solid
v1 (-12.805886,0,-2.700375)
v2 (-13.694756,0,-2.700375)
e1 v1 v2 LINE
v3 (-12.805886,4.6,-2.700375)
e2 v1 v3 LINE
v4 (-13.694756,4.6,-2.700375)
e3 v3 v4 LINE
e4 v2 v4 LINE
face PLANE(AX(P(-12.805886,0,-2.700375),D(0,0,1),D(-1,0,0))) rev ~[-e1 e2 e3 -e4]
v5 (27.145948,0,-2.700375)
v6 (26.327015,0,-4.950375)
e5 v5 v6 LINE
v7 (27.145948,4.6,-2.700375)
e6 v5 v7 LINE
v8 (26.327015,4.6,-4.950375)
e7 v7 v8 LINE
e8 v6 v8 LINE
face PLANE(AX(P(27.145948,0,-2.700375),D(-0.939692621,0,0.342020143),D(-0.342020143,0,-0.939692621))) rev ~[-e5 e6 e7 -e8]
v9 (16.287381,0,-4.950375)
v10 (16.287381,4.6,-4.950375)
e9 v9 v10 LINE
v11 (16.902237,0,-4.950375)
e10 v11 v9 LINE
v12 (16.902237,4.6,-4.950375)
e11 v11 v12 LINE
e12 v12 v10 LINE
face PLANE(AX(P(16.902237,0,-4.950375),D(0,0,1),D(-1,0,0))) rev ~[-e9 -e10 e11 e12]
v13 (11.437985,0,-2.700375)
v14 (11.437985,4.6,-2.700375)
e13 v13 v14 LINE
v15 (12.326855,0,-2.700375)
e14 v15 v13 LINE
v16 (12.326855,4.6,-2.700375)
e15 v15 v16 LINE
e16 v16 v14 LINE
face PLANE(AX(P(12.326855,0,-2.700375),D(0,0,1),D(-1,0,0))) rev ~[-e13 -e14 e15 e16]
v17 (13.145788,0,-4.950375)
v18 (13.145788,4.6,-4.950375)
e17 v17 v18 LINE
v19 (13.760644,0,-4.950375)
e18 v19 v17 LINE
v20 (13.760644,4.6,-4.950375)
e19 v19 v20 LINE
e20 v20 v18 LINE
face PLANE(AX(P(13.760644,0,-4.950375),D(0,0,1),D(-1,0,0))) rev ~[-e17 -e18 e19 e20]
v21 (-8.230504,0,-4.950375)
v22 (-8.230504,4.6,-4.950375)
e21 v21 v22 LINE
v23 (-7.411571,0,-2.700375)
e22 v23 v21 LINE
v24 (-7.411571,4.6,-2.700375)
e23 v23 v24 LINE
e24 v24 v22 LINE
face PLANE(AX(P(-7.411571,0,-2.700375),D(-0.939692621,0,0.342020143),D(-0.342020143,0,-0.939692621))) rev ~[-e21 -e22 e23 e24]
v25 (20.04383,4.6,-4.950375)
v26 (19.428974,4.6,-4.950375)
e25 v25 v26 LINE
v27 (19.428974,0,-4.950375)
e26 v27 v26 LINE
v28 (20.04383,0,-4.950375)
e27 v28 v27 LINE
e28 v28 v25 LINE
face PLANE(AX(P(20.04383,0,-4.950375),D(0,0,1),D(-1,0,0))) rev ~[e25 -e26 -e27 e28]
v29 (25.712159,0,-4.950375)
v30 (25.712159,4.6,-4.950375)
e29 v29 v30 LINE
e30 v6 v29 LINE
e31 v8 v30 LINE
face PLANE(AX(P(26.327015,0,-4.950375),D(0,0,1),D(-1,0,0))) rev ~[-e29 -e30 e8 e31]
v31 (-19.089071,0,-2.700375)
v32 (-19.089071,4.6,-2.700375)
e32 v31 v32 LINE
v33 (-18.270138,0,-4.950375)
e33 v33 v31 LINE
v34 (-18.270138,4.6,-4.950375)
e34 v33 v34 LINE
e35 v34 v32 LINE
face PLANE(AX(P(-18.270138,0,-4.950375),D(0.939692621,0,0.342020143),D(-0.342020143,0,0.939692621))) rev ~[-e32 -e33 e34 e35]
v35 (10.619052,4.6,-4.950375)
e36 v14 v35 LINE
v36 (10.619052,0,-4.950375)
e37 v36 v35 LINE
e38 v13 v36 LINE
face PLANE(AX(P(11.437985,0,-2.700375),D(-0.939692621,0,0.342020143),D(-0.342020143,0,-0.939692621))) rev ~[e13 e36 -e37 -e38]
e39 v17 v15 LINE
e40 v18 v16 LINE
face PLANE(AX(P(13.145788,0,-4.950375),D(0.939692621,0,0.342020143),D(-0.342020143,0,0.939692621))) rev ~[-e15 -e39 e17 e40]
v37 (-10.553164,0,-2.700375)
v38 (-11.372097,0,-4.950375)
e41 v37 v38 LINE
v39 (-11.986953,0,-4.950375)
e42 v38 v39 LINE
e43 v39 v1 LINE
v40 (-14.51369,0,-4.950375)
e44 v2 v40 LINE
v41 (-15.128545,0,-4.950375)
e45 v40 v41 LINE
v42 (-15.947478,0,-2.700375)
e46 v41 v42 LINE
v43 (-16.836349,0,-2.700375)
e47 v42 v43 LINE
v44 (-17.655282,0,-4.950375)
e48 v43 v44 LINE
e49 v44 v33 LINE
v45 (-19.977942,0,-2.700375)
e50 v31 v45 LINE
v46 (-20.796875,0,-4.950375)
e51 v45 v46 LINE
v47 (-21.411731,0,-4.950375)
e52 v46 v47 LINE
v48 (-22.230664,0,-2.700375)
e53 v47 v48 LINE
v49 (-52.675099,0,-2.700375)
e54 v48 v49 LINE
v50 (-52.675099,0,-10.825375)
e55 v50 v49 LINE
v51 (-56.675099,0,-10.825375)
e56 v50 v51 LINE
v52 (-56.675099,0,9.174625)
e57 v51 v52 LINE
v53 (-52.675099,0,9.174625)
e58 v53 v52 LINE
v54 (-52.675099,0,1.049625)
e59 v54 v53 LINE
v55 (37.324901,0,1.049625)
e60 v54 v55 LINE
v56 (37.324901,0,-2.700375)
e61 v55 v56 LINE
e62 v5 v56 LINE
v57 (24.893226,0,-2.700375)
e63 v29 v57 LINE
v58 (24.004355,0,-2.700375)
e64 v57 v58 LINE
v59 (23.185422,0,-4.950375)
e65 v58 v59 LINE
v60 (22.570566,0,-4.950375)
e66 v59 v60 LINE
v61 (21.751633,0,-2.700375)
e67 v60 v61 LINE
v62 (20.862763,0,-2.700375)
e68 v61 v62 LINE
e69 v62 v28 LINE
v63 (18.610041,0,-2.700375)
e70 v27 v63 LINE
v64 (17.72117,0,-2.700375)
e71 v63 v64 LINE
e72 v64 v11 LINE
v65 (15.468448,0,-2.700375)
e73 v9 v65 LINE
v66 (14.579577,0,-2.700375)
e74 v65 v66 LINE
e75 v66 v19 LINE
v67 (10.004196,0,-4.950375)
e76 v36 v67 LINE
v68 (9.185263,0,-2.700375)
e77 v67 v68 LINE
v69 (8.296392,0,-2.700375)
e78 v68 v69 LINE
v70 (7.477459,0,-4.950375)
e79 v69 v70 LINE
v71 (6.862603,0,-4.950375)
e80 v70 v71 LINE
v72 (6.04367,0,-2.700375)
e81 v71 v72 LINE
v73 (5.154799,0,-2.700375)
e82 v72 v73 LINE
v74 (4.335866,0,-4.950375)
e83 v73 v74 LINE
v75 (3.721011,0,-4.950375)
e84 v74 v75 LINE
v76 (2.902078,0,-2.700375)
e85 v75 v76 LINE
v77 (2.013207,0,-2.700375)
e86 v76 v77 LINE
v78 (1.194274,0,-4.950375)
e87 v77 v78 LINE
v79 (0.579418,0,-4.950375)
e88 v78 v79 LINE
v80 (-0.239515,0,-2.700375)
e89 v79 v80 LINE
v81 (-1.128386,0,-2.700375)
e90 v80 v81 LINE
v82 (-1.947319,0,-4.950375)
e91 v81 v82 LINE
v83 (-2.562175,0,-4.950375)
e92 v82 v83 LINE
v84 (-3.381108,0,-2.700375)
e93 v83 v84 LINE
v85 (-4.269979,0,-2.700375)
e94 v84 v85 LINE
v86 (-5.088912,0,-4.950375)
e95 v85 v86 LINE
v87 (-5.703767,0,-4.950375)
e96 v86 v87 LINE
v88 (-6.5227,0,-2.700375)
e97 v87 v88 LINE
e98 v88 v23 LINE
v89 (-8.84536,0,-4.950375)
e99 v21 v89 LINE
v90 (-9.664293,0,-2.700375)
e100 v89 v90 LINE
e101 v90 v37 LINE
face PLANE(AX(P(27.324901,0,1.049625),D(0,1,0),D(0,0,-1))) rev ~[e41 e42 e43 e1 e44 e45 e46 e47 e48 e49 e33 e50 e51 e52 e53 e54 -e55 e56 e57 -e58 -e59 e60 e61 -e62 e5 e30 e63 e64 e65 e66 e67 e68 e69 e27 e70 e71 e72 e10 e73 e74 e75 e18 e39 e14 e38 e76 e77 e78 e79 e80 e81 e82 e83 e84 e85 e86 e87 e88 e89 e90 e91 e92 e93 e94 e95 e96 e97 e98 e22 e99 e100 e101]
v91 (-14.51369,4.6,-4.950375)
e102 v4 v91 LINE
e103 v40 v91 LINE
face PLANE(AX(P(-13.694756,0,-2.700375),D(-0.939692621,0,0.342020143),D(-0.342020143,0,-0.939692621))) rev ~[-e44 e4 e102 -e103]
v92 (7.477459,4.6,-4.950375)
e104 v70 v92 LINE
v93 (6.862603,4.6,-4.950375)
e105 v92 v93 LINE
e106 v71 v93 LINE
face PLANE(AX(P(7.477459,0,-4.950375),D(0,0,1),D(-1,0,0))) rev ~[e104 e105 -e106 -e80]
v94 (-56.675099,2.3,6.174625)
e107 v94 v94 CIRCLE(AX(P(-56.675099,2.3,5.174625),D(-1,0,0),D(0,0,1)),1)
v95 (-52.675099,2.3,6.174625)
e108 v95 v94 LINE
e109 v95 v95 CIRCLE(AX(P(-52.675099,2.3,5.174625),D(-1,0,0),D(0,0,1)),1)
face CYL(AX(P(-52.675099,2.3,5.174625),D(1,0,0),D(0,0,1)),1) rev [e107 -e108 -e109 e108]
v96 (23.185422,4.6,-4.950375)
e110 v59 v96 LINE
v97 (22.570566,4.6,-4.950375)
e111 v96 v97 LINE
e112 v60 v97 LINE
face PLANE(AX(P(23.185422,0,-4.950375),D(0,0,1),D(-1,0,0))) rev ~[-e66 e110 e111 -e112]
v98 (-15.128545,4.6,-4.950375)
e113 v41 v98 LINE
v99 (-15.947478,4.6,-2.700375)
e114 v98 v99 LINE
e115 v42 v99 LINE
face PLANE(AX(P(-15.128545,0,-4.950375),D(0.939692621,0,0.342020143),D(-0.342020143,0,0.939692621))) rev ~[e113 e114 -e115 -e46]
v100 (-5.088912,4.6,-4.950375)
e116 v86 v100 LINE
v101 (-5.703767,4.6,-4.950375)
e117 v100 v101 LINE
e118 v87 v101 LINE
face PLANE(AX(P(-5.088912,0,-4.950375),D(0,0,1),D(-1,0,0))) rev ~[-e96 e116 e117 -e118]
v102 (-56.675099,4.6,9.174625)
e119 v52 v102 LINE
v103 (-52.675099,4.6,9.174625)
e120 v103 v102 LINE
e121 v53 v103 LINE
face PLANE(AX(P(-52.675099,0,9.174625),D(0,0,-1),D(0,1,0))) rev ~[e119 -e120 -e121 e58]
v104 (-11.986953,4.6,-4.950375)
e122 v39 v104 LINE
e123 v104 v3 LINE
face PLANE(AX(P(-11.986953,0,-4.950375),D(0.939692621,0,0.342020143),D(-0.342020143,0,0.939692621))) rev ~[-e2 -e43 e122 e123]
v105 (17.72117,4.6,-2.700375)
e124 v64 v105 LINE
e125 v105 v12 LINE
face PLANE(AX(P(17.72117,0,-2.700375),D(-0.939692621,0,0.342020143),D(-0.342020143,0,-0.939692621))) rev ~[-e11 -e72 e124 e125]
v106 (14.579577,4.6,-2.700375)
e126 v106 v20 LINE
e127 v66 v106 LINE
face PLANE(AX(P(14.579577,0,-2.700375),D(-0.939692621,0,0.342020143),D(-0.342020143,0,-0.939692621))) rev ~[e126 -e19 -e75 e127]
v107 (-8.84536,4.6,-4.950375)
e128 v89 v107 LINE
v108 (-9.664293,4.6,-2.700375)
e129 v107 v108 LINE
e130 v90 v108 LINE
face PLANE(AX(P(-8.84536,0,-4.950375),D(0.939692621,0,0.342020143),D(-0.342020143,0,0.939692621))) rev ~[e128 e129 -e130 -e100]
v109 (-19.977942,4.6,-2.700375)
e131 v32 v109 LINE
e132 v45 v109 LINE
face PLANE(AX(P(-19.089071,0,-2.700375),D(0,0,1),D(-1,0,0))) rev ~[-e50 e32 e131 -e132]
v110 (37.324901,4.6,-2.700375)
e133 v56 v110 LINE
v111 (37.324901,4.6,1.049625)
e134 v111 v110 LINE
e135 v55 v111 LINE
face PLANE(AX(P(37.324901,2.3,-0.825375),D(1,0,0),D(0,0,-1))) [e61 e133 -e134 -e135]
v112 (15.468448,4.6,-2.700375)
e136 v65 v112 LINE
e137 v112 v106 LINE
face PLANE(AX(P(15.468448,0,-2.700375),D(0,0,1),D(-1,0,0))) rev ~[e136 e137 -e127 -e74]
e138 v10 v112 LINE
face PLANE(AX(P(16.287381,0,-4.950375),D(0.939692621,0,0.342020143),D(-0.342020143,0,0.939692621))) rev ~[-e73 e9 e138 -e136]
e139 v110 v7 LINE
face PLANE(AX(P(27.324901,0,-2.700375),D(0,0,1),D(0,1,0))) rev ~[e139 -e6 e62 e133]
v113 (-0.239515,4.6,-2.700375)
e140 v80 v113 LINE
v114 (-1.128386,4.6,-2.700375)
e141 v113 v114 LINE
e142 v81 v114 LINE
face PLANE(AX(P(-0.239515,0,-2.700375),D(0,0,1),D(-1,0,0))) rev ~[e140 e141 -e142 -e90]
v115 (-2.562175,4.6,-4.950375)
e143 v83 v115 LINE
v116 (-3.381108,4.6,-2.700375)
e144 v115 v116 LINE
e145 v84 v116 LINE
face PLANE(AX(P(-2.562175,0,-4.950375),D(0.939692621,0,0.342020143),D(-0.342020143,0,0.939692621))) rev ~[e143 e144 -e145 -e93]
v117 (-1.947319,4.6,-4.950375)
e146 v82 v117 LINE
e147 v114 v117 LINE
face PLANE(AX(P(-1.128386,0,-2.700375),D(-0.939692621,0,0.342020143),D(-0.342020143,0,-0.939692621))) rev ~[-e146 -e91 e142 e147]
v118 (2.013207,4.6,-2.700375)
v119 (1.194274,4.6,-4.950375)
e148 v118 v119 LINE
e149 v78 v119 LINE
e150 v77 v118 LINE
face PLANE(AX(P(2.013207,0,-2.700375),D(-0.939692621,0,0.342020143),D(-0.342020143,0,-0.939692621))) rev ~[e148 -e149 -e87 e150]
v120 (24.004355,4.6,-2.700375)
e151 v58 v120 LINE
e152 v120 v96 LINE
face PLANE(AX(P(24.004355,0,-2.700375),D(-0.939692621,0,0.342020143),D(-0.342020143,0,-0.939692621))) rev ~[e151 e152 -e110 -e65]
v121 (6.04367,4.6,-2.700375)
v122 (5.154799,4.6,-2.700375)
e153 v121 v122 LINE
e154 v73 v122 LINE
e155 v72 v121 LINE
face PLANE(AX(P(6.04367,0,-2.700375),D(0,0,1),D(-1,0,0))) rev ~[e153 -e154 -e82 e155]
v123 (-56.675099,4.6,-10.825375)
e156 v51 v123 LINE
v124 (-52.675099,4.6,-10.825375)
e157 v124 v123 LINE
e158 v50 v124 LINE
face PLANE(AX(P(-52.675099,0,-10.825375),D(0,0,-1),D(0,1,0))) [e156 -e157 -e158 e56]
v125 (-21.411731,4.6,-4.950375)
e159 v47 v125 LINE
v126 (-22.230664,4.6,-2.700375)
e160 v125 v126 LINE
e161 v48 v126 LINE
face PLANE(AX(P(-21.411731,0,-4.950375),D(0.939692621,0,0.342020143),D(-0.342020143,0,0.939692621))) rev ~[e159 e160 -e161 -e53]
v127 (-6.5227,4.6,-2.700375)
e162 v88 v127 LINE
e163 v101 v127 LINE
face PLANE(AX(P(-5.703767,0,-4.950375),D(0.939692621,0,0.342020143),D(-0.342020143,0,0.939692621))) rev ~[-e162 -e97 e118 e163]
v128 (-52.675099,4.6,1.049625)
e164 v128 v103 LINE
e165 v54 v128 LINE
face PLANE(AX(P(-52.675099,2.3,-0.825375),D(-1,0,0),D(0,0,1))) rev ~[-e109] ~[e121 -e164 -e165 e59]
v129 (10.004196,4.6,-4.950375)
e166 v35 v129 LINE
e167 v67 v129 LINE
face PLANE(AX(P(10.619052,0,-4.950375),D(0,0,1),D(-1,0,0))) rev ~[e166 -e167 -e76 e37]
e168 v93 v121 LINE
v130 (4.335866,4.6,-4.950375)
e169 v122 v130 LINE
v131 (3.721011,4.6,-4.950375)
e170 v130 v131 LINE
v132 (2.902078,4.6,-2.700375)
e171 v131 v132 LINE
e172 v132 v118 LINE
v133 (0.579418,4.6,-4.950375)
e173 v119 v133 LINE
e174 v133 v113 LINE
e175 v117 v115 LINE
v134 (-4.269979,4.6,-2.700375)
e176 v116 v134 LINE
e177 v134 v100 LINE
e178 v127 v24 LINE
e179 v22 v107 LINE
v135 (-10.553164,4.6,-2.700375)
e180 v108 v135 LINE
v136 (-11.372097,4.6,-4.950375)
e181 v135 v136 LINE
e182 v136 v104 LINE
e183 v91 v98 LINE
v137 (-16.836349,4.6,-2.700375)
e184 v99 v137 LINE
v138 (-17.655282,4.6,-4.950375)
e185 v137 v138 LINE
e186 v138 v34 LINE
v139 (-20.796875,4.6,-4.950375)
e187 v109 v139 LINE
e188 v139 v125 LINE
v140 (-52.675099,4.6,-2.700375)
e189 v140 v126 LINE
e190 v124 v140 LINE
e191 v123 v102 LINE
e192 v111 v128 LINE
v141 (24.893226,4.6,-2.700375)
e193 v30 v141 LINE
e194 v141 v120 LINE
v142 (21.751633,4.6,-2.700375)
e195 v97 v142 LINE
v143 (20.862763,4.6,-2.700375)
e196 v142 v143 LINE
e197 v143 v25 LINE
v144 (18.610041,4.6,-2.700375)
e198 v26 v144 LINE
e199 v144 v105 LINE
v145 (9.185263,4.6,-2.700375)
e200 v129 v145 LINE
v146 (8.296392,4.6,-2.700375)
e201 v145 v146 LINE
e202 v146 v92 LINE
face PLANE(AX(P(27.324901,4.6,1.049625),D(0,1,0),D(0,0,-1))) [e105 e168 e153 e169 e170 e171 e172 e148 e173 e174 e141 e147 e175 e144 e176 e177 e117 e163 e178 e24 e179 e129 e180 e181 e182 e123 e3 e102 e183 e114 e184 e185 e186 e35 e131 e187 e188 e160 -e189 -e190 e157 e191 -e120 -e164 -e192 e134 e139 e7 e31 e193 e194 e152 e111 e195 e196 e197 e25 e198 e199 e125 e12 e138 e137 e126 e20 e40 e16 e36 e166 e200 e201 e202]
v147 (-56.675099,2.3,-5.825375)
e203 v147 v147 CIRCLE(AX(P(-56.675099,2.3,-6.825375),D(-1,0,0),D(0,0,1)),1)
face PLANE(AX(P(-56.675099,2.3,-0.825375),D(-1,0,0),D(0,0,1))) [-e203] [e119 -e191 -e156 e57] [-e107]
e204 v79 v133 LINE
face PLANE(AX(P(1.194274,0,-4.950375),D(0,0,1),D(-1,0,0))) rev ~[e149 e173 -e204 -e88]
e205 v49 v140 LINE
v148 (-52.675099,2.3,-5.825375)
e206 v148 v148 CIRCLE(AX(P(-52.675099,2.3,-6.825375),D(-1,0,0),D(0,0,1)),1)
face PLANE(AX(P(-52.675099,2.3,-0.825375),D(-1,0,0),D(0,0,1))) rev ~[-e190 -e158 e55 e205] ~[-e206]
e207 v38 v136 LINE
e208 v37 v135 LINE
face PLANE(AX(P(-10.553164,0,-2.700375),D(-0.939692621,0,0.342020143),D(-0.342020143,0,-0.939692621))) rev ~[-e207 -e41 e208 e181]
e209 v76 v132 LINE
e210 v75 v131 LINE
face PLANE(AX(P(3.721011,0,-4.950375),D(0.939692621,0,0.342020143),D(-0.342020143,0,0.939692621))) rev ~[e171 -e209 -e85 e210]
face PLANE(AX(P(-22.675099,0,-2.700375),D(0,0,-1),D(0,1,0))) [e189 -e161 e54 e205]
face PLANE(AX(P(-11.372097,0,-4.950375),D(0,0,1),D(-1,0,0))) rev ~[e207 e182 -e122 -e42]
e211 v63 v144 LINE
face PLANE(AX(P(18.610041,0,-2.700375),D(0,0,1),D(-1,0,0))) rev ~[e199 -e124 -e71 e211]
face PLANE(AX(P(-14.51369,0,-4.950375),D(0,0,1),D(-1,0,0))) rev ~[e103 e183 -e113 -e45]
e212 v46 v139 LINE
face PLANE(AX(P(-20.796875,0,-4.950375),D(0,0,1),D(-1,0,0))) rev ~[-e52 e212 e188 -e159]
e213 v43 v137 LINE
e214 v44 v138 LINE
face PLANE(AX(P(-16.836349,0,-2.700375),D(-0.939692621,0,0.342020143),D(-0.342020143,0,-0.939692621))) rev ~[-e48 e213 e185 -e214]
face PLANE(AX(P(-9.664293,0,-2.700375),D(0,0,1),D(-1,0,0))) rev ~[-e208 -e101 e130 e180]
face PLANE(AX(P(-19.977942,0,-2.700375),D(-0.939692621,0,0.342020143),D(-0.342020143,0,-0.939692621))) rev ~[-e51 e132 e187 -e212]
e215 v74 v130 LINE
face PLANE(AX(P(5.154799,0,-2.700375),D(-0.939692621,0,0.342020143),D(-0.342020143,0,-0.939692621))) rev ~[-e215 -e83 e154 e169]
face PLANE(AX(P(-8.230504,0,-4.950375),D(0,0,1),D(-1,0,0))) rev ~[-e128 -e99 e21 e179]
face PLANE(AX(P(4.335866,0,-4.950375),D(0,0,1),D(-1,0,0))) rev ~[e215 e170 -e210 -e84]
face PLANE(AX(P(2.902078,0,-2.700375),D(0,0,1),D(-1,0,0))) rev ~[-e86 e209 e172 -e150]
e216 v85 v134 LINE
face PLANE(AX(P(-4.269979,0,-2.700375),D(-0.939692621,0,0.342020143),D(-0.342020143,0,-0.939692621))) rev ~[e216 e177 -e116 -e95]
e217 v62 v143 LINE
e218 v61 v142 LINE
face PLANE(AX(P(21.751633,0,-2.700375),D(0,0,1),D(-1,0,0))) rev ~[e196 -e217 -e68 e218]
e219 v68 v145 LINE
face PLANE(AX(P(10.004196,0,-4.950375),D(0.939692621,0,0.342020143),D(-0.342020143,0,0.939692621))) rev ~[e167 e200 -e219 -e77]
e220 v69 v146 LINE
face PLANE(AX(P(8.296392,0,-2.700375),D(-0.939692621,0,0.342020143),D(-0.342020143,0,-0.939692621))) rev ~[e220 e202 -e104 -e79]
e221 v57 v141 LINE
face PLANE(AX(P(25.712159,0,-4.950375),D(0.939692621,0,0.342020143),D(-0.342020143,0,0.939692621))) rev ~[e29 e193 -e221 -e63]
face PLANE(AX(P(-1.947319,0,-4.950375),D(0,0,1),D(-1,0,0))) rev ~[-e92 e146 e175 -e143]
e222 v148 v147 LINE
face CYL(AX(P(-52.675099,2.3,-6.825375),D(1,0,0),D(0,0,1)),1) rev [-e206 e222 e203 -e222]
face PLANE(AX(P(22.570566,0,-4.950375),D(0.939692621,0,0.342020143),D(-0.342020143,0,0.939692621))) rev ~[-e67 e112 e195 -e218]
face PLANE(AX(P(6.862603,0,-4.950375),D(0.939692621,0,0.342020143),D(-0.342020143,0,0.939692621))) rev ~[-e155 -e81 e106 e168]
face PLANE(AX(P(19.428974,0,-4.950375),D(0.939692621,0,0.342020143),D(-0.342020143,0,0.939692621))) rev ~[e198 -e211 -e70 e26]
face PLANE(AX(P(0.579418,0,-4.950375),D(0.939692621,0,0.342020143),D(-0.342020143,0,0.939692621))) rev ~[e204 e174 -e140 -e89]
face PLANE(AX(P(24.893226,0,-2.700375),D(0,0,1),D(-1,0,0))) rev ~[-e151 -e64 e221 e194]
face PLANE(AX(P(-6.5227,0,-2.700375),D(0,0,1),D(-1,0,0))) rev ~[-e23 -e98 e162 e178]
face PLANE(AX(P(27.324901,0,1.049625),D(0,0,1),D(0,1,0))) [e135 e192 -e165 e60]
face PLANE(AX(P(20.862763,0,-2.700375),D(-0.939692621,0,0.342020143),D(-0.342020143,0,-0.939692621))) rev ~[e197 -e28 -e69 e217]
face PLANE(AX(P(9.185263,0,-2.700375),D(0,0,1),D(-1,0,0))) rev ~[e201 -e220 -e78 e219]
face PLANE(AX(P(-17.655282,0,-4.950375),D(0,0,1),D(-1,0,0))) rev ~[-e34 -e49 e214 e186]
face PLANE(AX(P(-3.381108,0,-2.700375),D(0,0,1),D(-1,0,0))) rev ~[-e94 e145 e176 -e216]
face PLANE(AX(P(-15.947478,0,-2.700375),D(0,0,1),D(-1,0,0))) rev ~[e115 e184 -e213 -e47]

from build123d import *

# Parameters (mm, degrees)
BOSS_EXTRUDE1_DEPTH  = 4.6
SKETCH11_W           = 3.75
SKETCH11_H           = 4.6
BOSS_EXTRUDE14_DEPTH = 30
SKETCH18_W           = 20
SKETCH18_H           = 4.6
SKETCH18_R           = 1
BOSS_EXTRUDE15_DEPTH = 4
SKETCH19_W           = 3.75
SKETCH19_H           = 4.6
BOSS_EXTRUDE16_DEPTH = 10


with BuildPart() as part:
    # Sketch1 → Boss-Extrude1 (new body)
    with BuildSketch(Plane(origin=(0, 0, 0), x_dir=(1, 0, 0), z_dir=(0, 1, 0))):
        Polygon((27.324900936, 2.700375145), (27.145947966, 2.700375145), (26.327014939, 4.950375145), (25.712159083, 4.950375145), (24.893226056, 2.700375145), (24.004355316, 2.700375145), (23.185422289, 4.950375145), (22.570566433, 4.950375145), (21.751633406, 2.700375145), (20.862762666, 2.700375145), (20.043829639, 4.950375145), (19.428973783, 4.950375145), (18.610040756, 2.700375145), (17.721170016, 2.700375145), (16.902236989, 4.950375145), (16.287381133, 4.950375145), (15.468448106, 2.700375145), (14.579577366, 2.700375145), (13.760644339, 4.950375145), (13.145788483, 4.950375145), (12.326855456, 2.700375145), (11.437984716, 2.700375145), (10.619051689, 4.950375145), (10.004195833, 4.950375145), (9.185262806, 2.700375145), (8.296392066, 2.700375145), (7.477459039, 4.950375145), (6.862603183, 4.950375145), (6.043670156, 2.700375145), (5.154799416, 2.700375145), (4.335866389, 4.950375145), (3.721010533, 4.950375145), (2.902077506, 2.700375145), (2.013206766, 2.700375145), (1.194273739, 4.950375145), (0.579417883, 4.950375145), (-0.239515144, 2.700375145), (-1.128385884, 2.700375145), (-1.947318911, 4.950375145), (-2.562174767, 4.950375145), (-3.381107794, 2.700375145), (-4.269978534, 2.700375145), (-5.088911561, 4.950375145), (-5.703767417, 4.950375145), (-6.522700444, 2.700375145), (-7.411571184, 2.700375145), (-8.230504211, 4.950375145), (-8.845360067, 4.950375145), (-9.664293094, 2.700375145), (-10.553163834, 2.700375145), (-11.372096861, 4.950375145), (-11.986952717, 4.950375145), (-12.805885744, 2.700375145), (-13.694756484, 2.700375145), (-14.513689511, 4.950375145), (-15.128545367, 4.950375145), (-15.947478394, 2.700375145), (-16.836349134, 2.700375145), (-17.655282161, 4.950375145), (-18.270138017, 4.950375145), (-19.089071044, 2.700375145), (-19.977941784, 2.700375145), (-20.796874811, 4.950375145), (-21.411730667, 4.950375145), (-22.230663694, 2.700375145), (-22.675099064, 2.700375145), (-22.675099064, -1.049624855), (27.324900936, -1.049624855), align=None)
    extrude(amount=BOSS_EXTRUDE1_DEPTH)

    # Sketch11 → Boss-Extrude14 (add)
    with BuildSketch(Plane.ZY.offset(22.675099064)):
        with Locations((-0.825375145, 2.3)):
            Rectangle(SKETCH11_W, SKETCH11_H)
    extrude(amount=BOSS_EXTRUDE14_DEPTH)

    # Sketch18 → Boss-Extrude15 (add)
    with BuildSketch(Plane.ZY.offset(52.675099064)):
        with Locations((-0.825375145, 2.3)):
            Rectangle(SKETCH18_W, SKETCH18_H)
        with Locations((5.174624855, 2.3)):
            Circle(SKETCH18_R, mode=Mode.SUBTRACT)
        with Locations((-6.825375145, 2.3)):
            Circle(SKETCH18_R, mode=Mode.SUBTRACT)
    extrude(amount=BOSS_EXTRUDE15_DEPTH)

    # Sketch19 → Boss-Extrude16 (add)
    with BuildSketch(Plane(origin=(27.324900936, 0, 0), x_dir=(0, 0, -1), z_dir=(1, 0, 0))):
        with Locations((0.825375145, 2.3)):
            Rectangle(SKETCH19_W, SKETCH19_H)
    extrude(amount=BOSS_EXTRUDE16_DEPTH)


solid = part.part
